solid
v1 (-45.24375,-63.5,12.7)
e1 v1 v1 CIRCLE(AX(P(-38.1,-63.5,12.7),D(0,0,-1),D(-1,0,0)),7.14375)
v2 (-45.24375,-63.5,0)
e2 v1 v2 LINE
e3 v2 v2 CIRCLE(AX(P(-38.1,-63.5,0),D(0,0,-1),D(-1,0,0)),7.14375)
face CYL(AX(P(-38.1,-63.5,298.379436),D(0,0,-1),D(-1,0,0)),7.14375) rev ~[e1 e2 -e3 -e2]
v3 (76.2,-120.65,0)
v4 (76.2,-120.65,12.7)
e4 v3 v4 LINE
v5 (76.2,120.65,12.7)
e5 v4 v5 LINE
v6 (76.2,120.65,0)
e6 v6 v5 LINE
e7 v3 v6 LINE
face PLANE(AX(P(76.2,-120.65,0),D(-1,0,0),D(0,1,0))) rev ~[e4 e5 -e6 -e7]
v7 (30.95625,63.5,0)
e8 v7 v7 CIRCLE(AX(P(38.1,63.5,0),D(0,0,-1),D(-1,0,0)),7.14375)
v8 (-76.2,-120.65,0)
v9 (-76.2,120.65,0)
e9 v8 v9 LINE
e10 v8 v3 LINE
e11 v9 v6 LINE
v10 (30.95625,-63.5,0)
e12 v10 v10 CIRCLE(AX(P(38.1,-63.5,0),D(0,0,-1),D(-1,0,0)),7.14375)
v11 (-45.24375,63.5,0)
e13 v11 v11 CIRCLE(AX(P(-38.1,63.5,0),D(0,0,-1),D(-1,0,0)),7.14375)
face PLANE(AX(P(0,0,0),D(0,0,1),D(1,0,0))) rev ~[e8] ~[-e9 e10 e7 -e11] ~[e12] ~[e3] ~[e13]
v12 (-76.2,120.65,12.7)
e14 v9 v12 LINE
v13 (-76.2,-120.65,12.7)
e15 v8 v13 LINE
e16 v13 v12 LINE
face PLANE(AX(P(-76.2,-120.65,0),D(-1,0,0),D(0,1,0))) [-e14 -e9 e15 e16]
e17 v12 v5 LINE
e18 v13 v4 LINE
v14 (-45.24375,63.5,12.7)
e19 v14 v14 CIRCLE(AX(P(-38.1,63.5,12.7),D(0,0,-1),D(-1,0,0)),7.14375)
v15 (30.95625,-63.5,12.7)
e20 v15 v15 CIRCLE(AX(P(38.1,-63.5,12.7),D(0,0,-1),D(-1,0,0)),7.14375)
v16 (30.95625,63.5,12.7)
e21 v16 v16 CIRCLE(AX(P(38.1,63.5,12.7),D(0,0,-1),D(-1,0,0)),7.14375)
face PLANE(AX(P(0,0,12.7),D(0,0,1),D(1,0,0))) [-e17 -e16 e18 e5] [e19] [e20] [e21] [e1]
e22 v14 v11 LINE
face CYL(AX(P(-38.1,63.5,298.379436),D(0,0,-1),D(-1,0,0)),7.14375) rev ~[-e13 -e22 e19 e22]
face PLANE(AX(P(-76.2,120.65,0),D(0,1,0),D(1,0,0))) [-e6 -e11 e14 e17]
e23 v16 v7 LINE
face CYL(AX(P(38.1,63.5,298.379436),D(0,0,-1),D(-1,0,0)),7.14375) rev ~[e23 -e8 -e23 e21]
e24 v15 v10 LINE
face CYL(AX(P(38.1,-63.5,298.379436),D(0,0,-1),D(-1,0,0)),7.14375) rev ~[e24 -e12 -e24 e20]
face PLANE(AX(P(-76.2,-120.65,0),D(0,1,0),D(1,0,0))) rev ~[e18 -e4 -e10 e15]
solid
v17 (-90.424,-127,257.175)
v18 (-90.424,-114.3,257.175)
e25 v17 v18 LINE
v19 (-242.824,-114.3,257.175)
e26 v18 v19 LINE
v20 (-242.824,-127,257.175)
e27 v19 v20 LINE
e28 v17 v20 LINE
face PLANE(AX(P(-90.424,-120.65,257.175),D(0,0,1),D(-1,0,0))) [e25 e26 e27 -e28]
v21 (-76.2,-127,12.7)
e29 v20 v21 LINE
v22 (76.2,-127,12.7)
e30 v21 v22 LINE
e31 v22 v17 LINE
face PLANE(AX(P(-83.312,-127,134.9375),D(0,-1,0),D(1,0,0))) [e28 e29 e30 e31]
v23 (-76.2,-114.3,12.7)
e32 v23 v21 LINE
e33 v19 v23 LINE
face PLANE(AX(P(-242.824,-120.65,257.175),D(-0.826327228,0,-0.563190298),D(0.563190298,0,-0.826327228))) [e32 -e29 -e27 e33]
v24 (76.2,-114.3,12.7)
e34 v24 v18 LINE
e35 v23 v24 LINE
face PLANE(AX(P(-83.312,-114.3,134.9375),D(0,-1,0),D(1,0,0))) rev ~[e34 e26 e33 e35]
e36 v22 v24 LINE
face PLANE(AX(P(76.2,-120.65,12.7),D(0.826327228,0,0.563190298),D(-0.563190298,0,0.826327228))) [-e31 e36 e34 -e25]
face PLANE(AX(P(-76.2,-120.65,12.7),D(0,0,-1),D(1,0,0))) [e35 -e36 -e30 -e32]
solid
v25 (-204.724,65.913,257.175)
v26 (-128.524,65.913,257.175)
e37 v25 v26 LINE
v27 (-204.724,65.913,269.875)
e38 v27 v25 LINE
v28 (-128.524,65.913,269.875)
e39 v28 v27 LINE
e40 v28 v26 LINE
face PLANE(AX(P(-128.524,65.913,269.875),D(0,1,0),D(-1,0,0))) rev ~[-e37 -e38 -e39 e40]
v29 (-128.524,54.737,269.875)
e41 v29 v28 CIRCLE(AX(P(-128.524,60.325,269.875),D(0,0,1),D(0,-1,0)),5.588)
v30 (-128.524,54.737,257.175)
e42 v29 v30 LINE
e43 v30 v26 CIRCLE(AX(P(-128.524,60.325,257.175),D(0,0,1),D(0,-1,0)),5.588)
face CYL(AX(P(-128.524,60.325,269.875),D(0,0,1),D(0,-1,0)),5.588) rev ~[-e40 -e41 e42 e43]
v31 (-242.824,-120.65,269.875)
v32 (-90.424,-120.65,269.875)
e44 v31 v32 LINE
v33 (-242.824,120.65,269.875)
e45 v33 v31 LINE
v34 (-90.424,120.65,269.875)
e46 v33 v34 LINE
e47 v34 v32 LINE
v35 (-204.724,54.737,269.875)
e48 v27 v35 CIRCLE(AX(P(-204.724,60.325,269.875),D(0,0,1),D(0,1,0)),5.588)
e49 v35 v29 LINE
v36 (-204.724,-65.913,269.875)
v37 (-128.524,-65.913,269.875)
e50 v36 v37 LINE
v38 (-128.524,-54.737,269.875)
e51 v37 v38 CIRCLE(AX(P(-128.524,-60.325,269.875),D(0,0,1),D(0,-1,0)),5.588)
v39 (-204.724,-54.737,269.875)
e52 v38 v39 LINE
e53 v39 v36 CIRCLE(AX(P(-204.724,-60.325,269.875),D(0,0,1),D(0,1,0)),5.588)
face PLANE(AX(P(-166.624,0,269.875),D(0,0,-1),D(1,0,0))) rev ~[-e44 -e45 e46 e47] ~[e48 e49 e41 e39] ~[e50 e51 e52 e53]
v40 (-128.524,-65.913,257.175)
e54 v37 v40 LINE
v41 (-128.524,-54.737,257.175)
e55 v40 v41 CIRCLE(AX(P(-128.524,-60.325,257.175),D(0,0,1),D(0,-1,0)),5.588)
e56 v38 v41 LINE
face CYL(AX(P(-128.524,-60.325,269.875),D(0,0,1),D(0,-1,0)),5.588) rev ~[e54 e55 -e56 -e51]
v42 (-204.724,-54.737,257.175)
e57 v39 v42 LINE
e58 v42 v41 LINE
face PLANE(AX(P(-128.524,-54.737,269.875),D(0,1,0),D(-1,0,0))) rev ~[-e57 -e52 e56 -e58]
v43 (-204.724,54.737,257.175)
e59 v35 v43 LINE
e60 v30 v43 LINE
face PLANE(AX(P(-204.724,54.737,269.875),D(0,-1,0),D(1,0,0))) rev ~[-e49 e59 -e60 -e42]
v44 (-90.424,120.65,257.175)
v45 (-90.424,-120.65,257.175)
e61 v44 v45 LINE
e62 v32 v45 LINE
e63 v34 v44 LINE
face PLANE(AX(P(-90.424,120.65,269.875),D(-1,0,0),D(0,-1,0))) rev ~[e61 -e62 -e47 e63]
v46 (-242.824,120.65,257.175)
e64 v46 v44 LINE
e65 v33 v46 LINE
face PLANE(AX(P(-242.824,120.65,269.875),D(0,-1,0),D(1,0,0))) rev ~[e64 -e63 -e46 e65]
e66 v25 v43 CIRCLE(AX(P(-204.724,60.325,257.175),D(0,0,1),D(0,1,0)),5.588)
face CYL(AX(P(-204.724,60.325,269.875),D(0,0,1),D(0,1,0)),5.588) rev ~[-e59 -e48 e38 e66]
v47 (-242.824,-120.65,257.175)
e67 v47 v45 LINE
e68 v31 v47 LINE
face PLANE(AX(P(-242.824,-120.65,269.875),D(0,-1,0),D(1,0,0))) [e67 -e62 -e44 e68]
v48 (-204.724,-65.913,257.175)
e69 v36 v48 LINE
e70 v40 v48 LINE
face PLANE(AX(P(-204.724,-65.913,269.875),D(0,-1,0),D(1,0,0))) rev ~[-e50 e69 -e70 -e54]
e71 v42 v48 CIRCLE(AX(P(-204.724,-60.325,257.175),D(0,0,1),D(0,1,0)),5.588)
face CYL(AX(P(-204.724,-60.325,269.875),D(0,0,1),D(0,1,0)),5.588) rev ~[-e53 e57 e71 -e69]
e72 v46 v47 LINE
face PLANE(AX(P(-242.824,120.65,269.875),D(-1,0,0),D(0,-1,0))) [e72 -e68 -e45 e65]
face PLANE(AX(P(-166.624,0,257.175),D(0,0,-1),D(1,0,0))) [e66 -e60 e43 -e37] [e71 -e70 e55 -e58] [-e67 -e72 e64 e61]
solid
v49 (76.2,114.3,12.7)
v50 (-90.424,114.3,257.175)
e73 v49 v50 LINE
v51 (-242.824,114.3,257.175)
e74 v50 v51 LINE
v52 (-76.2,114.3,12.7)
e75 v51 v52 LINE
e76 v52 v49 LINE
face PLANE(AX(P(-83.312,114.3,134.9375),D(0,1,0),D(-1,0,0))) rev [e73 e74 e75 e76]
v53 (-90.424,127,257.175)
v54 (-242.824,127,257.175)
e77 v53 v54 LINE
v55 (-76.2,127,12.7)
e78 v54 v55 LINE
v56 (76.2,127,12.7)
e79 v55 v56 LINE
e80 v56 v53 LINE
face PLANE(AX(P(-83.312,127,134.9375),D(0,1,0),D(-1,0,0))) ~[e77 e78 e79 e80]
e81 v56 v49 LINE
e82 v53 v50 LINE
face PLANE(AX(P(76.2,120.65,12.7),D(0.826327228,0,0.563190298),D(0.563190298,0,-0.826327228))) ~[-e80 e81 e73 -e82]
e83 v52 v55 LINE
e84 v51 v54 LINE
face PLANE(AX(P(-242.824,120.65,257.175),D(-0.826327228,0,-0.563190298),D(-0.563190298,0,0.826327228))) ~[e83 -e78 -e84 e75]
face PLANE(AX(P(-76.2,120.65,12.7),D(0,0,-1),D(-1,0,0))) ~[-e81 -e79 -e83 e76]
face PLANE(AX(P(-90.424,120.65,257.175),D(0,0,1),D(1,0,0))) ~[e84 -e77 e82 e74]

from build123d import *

# Parameters (mm, degrees)
F0_W      = 152.4
F0_H      = 241.3
F1_DEPTH  = 12.7
F3_D      = 14.2875
F5_W      = 152.4
F5_H      = 241.3
F6_DEPTH  = 12.7
F8_DEPTH  = 269.876
F10_DEPTH = 6.35


with BuildPart() as f1:
    # F0 (on Top) → F1 (new body)
    with BuildSketch(Plane.XY):
        Rectangle(F0_W, F0_H)
    extrude(amount=F1_DEPTH)

    # F3 (through all)
    with Locations(Plane.XY.offset(12.7)):
        with Locations((-38.1, 63.5), (38.1, 63.5), (-38.1, -63.5), (38.1, -63.5)):
            Hole(F3_D / 2)


with BuildPart() as f6:
    # F5 (on offset) → F6 (new body)
    with BuildSketch(Plane(origin=(0, 0, 269.875), x_dir=(1, 0, 0), z_dir=(0, 0, -1))):
        with Locations((-166.624, 0)):
            Rectangle(F5_W, F5_H)
    extrude(amount=F6_DEPTH)

    # F7 (on face) → F8 (cut, through all)
    with BuildSketch(Plane.XY.offset(269.875)):
        with BuildLine():
            ThreePointArc((-204.724, 65.913), (-210.312, 60.325), (-204.724, 54.737))
            Line((-204.724, 54.737), (-128.524, 54.737))
            ThreePointArc((-128.524, 54.737), (-122.936, 60.325), (-128.524, 65.913))
            Line((-128.524, 65.913), (-204.724, 65.913))
        make_face()
        with BuildLine():
            Line((-128.524, -54.737), (-204.724, -54.737))
            ThreePointArc((-204.724, -54.737), (-210.312, -60.325), (-204.724, -65.913))
            Line((-204.724, -65.913), (-128.524, -65.913))
            ThreePointArc((-128.524, -65.913), (-122.936, -60.325), (-128.524, -54.737))
        make_face()
    extrude(amount=-F8_DEPTH, mode=Mode.SUBTRACT)


with BuildPart() as f10:
    # F9 (on face) → F10 (new body, symmetric)
    with BuildSketch(Plane.XZ.offset(120.65)):
        Polygon((-90.424, 257.175), (-242.824, 257.175), (-76.2, 12.7), (76.2, 12.7), align=None)
    extrude(amount=F10_DEPTH, both=True)


with BuildPart() as f11_1:
    # F11: instance of F10
    add(f10.part.mirror(Plane.XZ))


solid = Compound([f1.part, f6.part, f10.part, f11_1.part])
